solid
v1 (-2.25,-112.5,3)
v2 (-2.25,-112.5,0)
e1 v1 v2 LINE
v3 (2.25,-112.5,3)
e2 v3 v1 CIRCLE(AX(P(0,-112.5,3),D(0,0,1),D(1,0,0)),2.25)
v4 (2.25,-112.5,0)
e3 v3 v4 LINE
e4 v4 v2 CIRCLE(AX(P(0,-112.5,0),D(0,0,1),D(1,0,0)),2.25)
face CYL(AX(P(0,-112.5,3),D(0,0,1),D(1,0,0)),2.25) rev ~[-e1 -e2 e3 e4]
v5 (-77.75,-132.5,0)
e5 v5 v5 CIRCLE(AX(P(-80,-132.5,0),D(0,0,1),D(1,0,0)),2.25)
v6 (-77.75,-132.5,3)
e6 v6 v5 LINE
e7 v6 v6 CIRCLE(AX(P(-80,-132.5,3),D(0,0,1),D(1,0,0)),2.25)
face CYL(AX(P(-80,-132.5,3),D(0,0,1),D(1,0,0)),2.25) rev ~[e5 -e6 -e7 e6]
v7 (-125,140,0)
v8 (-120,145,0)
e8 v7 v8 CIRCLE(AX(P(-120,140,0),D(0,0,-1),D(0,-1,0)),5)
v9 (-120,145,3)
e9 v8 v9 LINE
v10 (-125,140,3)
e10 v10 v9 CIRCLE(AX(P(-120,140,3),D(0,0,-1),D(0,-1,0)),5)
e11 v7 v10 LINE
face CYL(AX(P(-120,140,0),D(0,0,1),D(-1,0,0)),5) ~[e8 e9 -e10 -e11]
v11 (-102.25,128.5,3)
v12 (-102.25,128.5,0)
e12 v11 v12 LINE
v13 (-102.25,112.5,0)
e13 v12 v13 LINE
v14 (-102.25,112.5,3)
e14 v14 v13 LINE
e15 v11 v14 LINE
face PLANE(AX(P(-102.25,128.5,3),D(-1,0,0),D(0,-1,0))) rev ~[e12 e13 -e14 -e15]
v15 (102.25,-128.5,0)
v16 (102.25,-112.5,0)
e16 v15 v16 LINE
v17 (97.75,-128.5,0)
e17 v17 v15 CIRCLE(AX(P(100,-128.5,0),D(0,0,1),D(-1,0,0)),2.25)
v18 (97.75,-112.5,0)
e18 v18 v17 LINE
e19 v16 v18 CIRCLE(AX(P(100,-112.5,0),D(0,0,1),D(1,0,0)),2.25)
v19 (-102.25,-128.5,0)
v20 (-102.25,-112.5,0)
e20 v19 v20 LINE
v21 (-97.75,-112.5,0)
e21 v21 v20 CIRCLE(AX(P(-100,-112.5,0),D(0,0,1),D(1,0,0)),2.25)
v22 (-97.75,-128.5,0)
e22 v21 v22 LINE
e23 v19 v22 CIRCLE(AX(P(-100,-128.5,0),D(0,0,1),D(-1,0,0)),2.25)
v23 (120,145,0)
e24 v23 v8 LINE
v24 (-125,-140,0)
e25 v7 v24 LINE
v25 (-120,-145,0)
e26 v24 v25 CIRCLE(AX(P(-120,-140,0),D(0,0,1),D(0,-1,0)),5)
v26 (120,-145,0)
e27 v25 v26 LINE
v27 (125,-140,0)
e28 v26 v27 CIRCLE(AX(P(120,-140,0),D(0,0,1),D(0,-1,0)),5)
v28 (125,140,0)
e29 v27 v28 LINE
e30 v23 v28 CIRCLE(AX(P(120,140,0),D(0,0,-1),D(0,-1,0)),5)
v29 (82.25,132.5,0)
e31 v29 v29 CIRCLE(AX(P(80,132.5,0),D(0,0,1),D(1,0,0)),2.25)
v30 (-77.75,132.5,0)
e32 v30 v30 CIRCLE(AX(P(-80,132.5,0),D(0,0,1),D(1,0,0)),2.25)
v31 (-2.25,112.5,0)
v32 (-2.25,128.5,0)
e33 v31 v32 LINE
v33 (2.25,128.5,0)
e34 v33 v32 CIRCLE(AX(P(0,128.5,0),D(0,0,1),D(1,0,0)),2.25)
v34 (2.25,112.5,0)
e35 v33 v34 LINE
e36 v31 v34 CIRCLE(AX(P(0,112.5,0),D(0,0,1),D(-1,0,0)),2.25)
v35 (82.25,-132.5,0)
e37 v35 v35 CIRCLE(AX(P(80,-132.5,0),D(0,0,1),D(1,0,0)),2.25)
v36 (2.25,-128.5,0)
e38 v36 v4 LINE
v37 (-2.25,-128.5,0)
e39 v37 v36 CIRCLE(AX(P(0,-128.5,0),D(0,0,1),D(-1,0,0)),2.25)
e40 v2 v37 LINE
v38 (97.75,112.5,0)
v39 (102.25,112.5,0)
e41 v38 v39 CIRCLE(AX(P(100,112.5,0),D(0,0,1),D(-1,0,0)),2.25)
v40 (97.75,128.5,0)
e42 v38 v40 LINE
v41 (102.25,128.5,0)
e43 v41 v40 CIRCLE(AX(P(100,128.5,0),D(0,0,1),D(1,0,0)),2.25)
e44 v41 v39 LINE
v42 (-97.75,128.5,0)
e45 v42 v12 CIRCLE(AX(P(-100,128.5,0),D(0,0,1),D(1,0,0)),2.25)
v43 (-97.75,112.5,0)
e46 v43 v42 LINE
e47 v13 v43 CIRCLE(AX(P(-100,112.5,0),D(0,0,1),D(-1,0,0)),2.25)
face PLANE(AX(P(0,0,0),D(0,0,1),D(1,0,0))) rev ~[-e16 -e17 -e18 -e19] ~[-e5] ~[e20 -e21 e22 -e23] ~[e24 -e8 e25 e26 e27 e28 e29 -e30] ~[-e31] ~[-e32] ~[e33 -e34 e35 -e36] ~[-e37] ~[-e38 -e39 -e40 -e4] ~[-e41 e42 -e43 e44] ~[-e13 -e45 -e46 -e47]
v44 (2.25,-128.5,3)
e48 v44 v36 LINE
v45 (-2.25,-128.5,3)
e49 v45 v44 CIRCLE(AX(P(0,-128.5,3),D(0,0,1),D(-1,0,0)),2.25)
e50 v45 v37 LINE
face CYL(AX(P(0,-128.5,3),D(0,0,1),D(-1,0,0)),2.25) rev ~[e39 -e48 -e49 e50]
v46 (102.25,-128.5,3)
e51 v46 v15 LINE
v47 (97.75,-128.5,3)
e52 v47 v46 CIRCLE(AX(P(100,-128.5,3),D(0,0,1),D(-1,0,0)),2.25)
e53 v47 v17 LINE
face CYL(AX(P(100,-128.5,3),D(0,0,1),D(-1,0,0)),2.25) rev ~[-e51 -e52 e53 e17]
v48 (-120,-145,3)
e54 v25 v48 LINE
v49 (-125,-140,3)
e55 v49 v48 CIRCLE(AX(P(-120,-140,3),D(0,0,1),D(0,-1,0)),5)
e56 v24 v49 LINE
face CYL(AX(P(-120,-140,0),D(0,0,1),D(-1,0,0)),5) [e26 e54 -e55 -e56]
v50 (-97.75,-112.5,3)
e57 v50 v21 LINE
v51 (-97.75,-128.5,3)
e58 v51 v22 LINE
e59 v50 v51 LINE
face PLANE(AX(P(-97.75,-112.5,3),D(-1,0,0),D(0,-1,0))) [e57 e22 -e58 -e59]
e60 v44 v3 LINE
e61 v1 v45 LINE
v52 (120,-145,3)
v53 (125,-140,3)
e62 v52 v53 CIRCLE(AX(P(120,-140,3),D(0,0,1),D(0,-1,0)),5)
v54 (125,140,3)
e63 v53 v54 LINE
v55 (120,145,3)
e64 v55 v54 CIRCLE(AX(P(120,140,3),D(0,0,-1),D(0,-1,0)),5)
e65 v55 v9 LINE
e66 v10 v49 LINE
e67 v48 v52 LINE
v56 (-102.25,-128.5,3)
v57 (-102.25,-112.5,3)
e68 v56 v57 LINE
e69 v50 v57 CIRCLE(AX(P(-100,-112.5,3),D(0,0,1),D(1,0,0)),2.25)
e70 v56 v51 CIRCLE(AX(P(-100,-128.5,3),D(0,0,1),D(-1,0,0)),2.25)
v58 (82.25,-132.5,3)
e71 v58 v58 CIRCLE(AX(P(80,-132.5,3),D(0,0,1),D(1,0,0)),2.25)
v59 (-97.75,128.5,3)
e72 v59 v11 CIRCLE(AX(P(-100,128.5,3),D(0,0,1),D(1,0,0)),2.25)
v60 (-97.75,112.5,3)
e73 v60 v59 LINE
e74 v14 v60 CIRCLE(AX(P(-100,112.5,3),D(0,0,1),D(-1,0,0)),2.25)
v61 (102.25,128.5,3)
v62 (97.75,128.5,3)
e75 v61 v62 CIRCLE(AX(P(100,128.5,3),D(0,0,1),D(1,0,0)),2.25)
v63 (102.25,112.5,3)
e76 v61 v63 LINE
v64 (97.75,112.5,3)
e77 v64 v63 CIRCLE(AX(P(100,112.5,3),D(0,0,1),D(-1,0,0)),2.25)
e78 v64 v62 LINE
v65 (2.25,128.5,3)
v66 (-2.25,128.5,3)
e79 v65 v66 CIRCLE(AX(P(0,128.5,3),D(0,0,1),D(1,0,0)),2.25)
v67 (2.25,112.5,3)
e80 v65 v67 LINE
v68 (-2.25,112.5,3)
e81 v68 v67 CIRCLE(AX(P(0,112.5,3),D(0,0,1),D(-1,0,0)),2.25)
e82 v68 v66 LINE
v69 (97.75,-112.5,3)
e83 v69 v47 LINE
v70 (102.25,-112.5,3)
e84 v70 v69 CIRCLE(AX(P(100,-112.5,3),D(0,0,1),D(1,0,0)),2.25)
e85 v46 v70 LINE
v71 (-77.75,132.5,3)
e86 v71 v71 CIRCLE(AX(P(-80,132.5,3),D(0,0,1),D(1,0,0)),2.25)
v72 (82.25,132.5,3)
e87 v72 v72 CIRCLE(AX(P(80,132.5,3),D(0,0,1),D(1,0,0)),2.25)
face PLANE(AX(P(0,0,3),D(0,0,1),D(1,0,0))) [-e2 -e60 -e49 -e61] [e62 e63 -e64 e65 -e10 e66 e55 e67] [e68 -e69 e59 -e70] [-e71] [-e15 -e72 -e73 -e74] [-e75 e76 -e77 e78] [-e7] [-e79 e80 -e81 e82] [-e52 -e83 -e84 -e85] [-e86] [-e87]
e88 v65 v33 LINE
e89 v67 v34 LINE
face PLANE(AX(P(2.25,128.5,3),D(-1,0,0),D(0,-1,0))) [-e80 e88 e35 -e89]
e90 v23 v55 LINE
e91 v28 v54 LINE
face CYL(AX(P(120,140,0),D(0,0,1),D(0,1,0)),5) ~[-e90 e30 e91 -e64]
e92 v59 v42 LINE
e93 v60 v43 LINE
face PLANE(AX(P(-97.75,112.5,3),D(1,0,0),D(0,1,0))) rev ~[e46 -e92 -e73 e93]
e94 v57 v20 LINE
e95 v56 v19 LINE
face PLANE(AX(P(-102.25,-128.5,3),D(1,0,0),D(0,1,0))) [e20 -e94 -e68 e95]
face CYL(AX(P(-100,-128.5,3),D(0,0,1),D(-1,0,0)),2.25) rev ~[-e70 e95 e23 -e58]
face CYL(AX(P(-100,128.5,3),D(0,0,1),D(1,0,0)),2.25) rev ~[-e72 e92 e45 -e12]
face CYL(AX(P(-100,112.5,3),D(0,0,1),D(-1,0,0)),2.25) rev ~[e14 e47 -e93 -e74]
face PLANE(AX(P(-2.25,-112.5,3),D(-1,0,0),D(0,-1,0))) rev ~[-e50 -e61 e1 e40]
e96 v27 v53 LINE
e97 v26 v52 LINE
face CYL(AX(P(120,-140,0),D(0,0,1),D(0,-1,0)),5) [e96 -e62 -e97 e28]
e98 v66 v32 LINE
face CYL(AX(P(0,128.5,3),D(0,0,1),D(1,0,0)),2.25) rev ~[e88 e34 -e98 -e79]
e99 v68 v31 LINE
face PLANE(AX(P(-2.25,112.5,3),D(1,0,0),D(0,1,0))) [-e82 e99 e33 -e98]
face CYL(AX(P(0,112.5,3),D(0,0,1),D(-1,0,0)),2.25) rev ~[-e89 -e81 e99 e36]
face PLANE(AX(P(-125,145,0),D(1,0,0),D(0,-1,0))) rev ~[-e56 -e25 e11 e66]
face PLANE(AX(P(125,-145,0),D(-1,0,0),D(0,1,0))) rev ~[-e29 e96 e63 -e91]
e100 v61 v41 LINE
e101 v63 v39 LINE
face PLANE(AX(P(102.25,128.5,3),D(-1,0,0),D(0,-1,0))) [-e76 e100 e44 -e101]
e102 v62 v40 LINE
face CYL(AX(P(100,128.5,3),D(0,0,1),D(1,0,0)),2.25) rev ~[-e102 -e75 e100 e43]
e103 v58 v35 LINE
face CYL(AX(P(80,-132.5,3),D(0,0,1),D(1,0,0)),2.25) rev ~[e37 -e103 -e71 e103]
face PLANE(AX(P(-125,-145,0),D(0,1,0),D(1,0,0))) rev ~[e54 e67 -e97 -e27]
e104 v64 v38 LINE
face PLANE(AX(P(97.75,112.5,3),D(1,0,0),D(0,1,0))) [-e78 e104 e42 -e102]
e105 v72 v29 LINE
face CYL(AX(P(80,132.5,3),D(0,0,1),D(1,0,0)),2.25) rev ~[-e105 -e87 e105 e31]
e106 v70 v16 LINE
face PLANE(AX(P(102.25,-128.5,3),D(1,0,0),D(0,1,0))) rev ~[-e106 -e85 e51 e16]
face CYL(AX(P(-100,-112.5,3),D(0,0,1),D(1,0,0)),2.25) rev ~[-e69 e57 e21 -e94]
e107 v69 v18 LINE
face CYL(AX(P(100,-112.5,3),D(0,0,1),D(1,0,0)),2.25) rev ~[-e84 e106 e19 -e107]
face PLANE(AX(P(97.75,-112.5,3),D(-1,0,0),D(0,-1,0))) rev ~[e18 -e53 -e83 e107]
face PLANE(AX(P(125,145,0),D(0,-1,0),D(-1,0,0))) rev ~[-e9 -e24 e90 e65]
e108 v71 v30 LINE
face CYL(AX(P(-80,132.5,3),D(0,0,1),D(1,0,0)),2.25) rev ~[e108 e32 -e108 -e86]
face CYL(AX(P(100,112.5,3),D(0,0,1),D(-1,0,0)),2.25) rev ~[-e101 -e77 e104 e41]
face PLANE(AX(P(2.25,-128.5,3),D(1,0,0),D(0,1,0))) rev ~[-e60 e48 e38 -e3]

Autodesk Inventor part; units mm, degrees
ref_plane "YZ Plane" through (0, 0, 0) normal (1, 0, 0) x (0, 1, 0)
ref_plane "XZ Plane" through (0, 0, 0) normal (0, 1, 0) x (-1, 0, 0)
ref_plane "XY Plane" through (0, 0, 0) normal (0, 0, 1) x (1, 0, 0)
sketch "Sketch1" plane through (0, 0, 0) normal (0, 0, 1) x (1, 0, 0)
  line L0 (-125, -145) -> (125, -145)
  line L1 (125, -145) -> (125, 145)
  line L2 (125, 145) -> (-125, 145)
  line L3 (-125, 145) -> (-125, -145)
  line L4 (-125, -145) -> (125, 145) construction
  line L5 (125, -145) -> (-125, 145) construction
  point P0 (0, 0)
  dimension "d0" = 250
  dimension "d1" = 290
extrude "Extrusion1" add sketch "Sketch1" along normal blind 3
sketch "Sketch3" plane through (0, 0, 3) normal (0, 0, 1) x (1, 0, 0)
  line L0 (-137.8811, -120.5) -> (156, -120.5) construction
  line L1 (-196.6573, 0) -> (214.7762, 0) construction
  line L2 (-137.8811, 120.5) -> (156, 120.5) construction
  line L3 (-100, -128.5) -> (-100, -112.5) construction
  line L4 (-102.25, -128.5) -> (-102.25, -112.5)
  line L5 (-97.75, -112.5) -> (-97.75, -128.5)
  arc A0 (-102.25, -128.5) -> (-97.75, -128.5) centre (-100, -128.5) ccw
  arc A1 (-97.75, -112.5) -> (-102.25, -112.5) centre (-100, -112.5) ccw
  line L6 (0, -128.5) -> (0, -112.5) construction
  line L7 (2.25, -128.5) -> (2.25, -112.5)
  line L8 (-2.25, -112.5) -> (-2.25, -128.5)
  arc A2 (-2.25, -128.5) -> (2.25, -128.5) centre (0, -128.5) ccw
  arc A3 (2.25, -112.5) -> (-2.25, -112.5) centre (0, -112.5) ccw
  line L9 (0, 203) -> (0, -203) construction
  line L10 (100, -128.5) -> (100, -112.5) construction
  line L11 (102.25, -128.5) -> (102.25, -112.5)
  line L12 (97.75, -112.5) -> (97.75, -128.5)
  arc A4 (97.75, -128.5) -> (102.25, -128.5) centre (100, -128.5) ccw
  arc A5 (102.25, -112.5) -> (97.75, -112.5) centre (100, -112.5) ccw
  line L13 (-100, 128.5) -> (-100, 112.5) construction
  line L14 (-102.25, 128.5) -> (-102.25, 112.5)
  line L15 (-97.75, 112.5) -> (-97.75, 128.5)
  arc A6 (-97.75, 128.5) -> (-102.25, 128.5) centre (-100, 128.5) ccw
  arc A7 (-102.25, 112.5) -> (-97.75, 112.5) centre (-100, 112.5) ccw
  line L16 (0, 128.5) -> (0, 112.5) construction
  line L17 (2.25, 128.5) -> (2.25, 112.5)
  line L18 (-2.25, 112.5) -> (-2.25, 128.5)
  arc A8 (2.25, 128.5) -> (-2.25, 128.5) centre (0, 128.5) ccw
  arc A9 (-2.25, 112.5) -> (2.25, 112.5) centre (0, 112.5) ccw
  arc A10 (97.75, 112.5) -> (102.25, 112.5) centre (100, 112.5) ccw
  line L19 (100, 128.5) -> (100, 112.5) construction
  line L20 (102.25, 128.5) -> (102.25, 112.5)
  line L21 (97.75, 112.5) -> (97.75, 128.5)
  arc A11 (102.25, 128.5) -> (97.75, 128.5) centre (100, 128.5) ccw
  circle A12 centre (-80, -132.5) radius 2.25
  line L22 (-125, -145) -> (125, -145) projected
  circle A13 centre (80, -132.5) radius 2.25
  circle A14 centre (-80, 132.5) radius 2.25
  circle A15 centre (80, 132.5) radius 2.25
  point P0 (0, 0)
  point P1 (-100, -120.5)
  point P2 (0, -120.5)
  point P3 (100, -120.5)
  point P4 (-100, 120.5)
  point P5 (0, 120.5)
  point P6 (100, 120.5)
  dimension "d5" = 16
  dimension "d6" = 16
  dimension "d7" = 2.25
  dimension "d8" = 2.25
  dimension "d9" = 100
  dimension "d10" = 120.5
  dimension "d16" = 80
  dimension "d17" = 12.5
  dimension "d18" = 4.5
extrude "Extrusion2" cut sketch "Sketch3" against normal through all
fillet "Fillet1" radius 5 4 edges at (-125, 145, 1.5) (125, 145, 1.5) (125, -145, 1.5) (-125, -145, 1.5)
sketch "Sketch4" plane through (0, 0, 3) normal (0, 0, 1) x (1, 0, 0)
  arc A0 (-125, -140) -> (-120, -145) centre (-120, -140) ccw projected
  line L0 (-120, -145) -> (120, -145) projected
  arc A1 (120, -145) -> (125, -140) centre (120, -140) ccw projected
  line L1 (125, -140) -> (125, 140) projected
  arc A2 (125, 140) -> (120, 145) centre (120, 140) ccw projected
  line L2 (120, 145) -> (-120, 145) projected
  arc A3 (-120, 145) -> (-125, 140) centre (-120, 140) ccw projected
  line L3 (-125, 140) -> (-125, -140) projected
  circle A4 centre (80, -132.5) radius 2.25 projected
  arc A5 (2.25, 128.5) -> (-2.25, 128.5) centre (0, 128.5) ccw projected
  line L4 (2.25, 128.5) -> (2.25, 112.5) projected
  arc A6 (-2.25, 112.5) -> (2.25, 112.5) centre (0, 112.5) ccw projected
  line L5 (-2.25, 112.5) -> (-2.25, 128.5) projected
  arc A7 (97.75, -128.5) -> (102.25, -128.5) centre (100, -128.5) ccw projected
  line L6 (97.75, -128.5) -> (97.75, -112.5) projected
  arc A8 (102.25, -112.5) -> (97.75, -112.5) centre (100, -112.5) ccw projected
  line L7 (102.25, -112.5) -> (102.25, -128.5) projected
  line L8 (-102.25, 112.5) -> (-102.25, 128.5) projected
  arc A9 (-97.75, 128.5) -> (-102.25, 128.5) centre (-100, 128.5) ccw projected
  line L9 (-97.75, 128.5) -> (-97.75, 112.5) projected
  arc A10 (-102.25, 112.5) -> (-97.75, 112.5) centre (-100, 112.5) ccw projected
  circle A11 centre (80, 132.5) radius 2.25 projected
  circle A12 centre (-80, -132.5) radius 2.25 projected
  arc A13 (-102.25, -128.5) -> (-97.75, -128.5) centre (-100, -128.5) ccw projected
  line L10 (-102.25, -128.5) -> (-102.25, -112.5) projected
  arc A14 (-97.75, -112.5) -> (-102.25, -112.5) centre (-100, -112.5) ccw projected
  line L11 (-97.75, -112.5) -> (-97.75, -128.5) projected
  line L12 (-2.25, -128.5) -> (-2.25, -112.5) projected
  arc A15 (2.25, -112.5) -> (-2.25, -112.5) centre (0, -112.5) ccw projected
  line L13 (2.25, -112.5) -> (2.25, -128.5) projected
  arc A16 (-2.25, -128.5) -> (2.25, -128.5) centre (0, -128.5) ccw projected
  arc A17 (97.75, 112.5) -> (102.25, 112.5) centre (100, 112.5) ccw projected
  line L14 (97.75, 112.5) -> (97.75, 128.5) projected
  arc A18 (102.25, 128.5) -> (97.75, 128.5) centre (100, 128.5) ccw projected
  line L15 (102.25, 128.5) -> (102.25, 112.5) projected
  circle A19 centre (-80, 132.5) radius 2.25 projected
  point P0 (0, 0)
equation "\"d6\" = d5"
equation "\"d8\" = d7"
properties part number "DisplayAcrylicPlate"
